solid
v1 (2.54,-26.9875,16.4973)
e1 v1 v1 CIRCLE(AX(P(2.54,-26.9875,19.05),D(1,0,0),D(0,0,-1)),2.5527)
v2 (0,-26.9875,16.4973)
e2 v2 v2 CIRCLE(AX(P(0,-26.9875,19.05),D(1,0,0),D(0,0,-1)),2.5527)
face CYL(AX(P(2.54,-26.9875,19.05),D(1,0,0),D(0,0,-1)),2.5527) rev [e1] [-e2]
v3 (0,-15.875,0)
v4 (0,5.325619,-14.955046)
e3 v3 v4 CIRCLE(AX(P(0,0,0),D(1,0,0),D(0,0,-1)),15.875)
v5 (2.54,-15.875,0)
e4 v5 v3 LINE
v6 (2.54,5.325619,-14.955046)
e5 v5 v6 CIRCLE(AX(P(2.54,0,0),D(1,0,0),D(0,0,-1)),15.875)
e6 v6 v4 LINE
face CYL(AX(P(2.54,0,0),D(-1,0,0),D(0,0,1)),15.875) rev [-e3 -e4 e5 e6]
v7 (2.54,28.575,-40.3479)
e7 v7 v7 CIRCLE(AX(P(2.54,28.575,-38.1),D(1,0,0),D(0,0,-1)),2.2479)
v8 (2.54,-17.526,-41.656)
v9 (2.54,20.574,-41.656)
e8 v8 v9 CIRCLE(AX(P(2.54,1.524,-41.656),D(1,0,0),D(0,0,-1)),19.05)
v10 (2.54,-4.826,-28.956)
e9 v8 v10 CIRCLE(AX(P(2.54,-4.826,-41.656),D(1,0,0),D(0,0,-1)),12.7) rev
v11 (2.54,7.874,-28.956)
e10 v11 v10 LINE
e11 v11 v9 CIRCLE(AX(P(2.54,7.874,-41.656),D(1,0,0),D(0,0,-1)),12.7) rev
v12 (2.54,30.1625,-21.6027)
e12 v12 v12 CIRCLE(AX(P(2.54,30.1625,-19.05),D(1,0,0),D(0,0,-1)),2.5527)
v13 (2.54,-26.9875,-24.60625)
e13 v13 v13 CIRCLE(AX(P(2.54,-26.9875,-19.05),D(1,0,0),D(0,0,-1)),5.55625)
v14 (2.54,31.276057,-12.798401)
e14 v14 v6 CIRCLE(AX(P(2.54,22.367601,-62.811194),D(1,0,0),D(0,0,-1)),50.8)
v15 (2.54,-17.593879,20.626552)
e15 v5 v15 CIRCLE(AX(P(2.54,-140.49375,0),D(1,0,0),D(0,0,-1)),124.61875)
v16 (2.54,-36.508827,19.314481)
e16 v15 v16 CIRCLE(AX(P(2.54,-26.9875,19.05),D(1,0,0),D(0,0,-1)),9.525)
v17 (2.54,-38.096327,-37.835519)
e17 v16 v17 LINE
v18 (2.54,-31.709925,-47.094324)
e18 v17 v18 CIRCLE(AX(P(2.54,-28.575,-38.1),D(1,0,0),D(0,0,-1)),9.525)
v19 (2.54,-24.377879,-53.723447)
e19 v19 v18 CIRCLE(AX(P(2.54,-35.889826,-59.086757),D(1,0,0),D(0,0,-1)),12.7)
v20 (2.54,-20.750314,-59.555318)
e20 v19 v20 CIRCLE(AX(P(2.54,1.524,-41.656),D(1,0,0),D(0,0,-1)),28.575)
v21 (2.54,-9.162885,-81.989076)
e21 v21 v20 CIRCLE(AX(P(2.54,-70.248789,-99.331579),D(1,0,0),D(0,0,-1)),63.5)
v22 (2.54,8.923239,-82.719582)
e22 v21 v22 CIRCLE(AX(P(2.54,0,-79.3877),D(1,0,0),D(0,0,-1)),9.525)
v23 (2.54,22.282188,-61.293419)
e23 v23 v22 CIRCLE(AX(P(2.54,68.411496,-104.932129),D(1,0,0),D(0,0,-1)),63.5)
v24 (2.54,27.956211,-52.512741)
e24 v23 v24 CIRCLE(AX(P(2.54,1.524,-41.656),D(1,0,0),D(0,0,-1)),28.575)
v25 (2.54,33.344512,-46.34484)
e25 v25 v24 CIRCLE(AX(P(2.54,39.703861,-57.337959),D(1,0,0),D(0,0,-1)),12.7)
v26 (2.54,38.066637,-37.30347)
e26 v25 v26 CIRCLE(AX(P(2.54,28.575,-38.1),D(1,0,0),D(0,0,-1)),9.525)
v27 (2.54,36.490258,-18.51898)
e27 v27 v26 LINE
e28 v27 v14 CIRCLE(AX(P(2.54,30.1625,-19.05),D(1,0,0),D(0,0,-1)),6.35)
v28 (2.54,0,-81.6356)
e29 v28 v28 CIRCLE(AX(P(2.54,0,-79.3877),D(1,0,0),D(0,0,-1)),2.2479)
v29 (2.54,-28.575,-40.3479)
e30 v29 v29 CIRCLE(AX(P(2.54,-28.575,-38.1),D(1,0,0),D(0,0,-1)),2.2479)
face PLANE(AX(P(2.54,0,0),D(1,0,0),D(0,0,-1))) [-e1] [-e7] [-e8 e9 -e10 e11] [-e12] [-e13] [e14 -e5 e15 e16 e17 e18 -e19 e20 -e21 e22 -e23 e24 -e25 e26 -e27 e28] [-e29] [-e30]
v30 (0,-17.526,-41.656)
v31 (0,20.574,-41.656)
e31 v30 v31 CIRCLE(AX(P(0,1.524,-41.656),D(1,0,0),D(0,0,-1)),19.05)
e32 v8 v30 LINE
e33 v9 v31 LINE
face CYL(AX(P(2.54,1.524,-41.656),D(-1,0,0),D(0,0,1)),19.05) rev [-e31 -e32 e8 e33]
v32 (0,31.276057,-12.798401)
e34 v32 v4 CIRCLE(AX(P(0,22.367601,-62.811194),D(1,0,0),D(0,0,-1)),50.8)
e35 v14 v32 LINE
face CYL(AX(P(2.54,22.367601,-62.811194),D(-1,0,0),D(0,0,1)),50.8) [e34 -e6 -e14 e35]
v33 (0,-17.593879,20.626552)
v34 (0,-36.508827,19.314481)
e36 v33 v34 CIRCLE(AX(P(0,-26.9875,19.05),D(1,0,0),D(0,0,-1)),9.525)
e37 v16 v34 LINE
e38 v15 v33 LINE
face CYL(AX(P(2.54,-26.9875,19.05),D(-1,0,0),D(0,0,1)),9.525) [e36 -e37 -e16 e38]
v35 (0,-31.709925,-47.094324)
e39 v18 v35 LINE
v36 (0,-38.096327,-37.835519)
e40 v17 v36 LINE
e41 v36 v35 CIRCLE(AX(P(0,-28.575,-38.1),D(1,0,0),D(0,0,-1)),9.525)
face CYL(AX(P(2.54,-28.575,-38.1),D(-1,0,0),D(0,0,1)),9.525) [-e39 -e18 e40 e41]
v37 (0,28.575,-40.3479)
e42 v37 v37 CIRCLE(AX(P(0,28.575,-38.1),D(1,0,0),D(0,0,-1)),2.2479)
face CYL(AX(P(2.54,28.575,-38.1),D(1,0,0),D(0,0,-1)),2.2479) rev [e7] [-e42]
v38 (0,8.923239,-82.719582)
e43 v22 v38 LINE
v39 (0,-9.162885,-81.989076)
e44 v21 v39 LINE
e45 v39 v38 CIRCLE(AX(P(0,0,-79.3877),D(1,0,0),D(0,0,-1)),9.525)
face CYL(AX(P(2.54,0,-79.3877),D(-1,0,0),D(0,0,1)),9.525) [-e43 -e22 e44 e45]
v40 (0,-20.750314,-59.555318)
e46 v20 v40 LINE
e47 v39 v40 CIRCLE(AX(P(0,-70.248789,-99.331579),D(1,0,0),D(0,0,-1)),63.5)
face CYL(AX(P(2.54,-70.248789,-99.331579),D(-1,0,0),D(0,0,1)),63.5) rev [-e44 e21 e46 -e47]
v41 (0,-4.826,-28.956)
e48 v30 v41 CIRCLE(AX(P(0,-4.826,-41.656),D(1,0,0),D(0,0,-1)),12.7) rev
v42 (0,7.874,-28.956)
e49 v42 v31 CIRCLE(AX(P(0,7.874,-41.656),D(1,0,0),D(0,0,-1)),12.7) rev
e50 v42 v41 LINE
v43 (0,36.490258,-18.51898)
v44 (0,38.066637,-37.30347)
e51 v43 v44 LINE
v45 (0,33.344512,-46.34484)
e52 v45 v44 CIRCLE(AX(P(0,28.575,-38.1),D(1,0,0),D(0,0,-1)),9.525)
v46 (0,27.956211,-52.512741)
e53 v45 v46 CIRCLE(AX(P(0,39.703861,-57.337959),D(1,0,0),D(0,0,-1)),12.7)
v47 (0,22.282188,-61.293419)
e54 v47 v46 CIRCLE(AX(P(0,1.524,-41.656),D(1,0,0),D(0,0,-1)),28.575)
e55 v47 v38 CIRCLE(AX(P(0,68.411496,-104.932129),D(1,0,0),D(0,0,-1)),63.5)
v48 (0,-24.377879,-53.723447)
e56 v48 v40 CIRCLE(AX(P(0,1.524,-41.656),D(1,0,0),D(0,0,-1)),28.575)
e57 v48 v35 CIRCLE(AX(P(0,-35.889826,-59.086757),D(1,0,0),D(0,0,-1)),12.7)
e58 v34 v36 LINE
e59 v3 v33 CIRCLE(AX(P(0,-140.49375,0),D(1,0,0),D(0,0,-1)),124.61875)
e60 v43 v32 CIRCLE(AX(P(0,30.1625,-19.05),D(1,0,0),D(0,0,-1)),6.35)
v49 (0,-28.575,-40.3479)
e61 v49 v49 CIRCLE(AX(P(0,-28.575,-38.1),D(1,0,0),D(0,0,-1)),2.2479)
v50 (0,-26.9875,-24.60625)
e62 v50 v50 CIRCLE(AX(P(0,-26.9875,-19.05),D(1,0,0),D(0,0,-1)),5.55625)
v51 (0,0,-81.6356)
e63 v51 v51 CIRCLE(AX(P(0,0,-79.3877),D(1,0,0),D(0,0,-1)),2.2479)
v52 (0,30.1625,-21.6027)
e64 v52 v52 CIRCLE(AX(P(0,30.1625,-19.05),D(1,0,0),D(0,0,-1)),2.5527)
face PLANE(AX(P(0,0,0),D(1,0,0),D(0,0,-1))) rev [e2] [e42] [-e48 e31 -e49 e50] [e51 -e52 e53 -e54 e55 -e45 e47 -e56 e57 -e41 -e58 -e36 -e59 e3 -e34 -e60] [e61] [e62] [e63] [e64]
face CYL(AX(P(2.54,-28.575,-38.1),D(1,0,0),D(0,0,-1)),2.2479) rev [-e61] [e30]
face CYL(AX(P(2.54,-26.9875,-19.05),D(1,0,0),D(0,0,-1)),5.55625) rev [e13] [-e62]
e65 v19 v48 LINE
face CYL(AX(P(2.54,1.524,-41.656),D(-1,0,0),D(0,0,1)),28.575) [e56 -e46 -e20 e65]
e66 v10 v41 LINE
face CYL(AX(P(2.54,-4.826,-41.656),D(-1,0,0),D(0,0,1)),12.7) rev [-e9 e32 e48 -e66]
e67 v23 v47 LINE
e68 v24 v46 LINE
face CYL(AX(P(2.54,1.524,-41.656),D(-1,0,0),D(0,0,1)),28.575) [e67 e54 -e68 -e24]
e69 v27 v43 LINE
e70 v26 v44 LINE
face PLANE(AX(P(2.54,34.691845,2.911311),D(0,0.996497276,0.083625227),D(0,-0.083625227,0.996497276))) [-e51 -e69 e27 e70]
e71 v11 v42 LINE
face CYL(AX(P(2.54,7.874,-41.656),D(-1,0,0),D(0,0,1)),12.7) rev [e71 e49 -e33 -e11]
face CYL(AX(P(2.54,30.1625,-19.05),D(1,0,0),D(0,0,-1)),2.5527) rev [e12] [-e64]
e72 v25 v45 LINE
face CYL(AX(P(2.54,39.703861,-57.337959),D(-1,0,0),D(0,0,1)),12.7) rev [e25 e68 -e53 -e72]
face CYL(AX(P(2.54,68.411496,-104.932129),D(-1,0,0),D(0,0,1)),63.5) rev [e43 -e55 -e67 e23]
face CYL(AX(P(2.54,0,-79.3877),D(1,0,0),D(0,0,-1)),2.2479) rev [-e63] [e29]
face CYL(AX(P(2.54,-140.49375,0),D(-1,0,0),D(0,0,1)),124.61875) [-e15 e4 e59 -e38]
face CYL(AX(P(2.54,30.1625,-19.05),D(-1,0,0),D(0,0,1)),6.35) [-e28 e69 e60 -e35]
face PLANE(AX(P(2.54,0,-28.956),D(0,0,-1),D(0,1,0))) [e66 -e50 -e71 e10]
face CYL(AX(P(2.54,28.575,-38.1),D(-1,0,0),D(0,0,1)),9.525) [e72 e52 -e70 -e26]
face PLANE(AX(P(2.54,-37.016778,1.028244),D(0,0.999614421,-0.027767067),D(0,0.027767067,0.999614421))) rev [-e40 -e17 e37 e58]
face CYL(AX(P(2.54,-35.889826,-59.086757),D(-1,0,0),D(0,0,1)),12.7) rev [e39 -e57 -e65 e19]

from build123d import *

# Parameters (mm, degrees)
BOSS_EXTRUDE1_DEPTH            = 2.54
F_7_16_0_4375_DIAMETER_HOLE1_D = 11.1125
F_8_CLEARANCE_HOLE2_D          = 4.4958
F_10_CLEARANCE_HOLE2_D         = 5.1054


with BuildPart() as part:
    # Sketch1 → Boss-Extrude1 (new body)
    with BuildSketch(Plane(origin=(0, 0, 0), x_dir=(0, 0, -1), z_dir=(1, 0, 0))):
        with BuildLine():
            Line((-19.314481315, -36.508827357), (37.835518685, -38.096327357))
            ThreePointArc((37.835518685, -38.096327357), (43.508241138, -36.415698489), (47.094324235, -31.709925286))
            ThreePointArc((47.094324235, -31.709925286), (49.666291071, -27.372500374), (53.723446842, -24.377879309))
            ThreePointArc((53.723446842, -24.377879309), (56.748764885, -22.739945951), (59.555317673, -20.750313723))
            ThreePointArc((59.555317673, -20.750313723), (70.190449205, -13.830311686), (81.989075544, -9.162885478))
            ThreePointArc((81.989075544, -9.162885478), (88.904940009, -0.38440552), (82.719582069, 8.923238587))
            ThreePointArc((82.719582069, 8.923238587), (71.335814009, 14.527011927), (61.293419407, 22.282188362))
            ThreePointArc((61.293419407, 22.282188362), (57.164774633, 25.524177799), (52.512741108, 27.956211363))
            ThreePointArc((52.512741108, 27.956211363), (48.982518098, 30.139520785), (46.344839733, 33.344511796))
            ThreePointArc((46.344839733, 33.344511796), (42.509528769, 37.017847922), (37.303469713, 38.066636556))
            Line((37.303469713, 38.066636556), (18.518979809, 36.490257704))
            ThreePointArc((18.518979809, 36.490257704), (14.772389284, 34.855531703), (12.798400928, 31.276056933))
            ThreePointArc((12.798400928, 31.276056933), (12.18571912, 18.160305029), (14.955046072, 5.325619398))
            ThreePointArc((14.955046072, 5.325619398), (12.972274915, -9.150721749), (0, -15.875))
            ThreePointArc((0, -15.875), (-10.349023893, -16.30546329), (-20.626551724, -17.59387931))
            ThreePointArc((-20.626551724, -17.59387931), (-28.552166362, -27.646635371), (-19.314481315, -36.508827357))
        make_face()
        with BuildLine():
            Line((28.956, 7.874), (28.956, -4.826))
            ThreePointArc((28.956, -4.826), (32.675743879, -13.806256121), (41.656, -17.526))
            ThreePointArc((41.656, -17.526), (60.706, 1.524), (41.656, 20.574))
            ThreePointArc((41.656, 20.574), (32.675743879, 16.854256121), (28.956, 7.874))
        make_face(mode=Mode.SUBTRACT)
    extrude(amount=BOSS_EXTRUDE1_DEPTH)

    # 7/16 (0.4375) Diameter Hole1 (through all)
    with Locations(Plane(origin=(2.54, 0, 0), x_dir=(0, 0, -1), z_dir=(1, 0, 0))):
        with Locations((19.05, -26.9875)):
            Hole(F_7_16_0_4375_DIAMETER_HOLE1_D / 2)

    # #8 Clearance Hole2 (through all)
    with Locations(Plane(origin=(2.54, 0, 0), x_dir=(0, 0, -1), z_dir=(1, 0, 0))):
        with Locations((38.1, -28.575), (79.3877, 0), (38.1, 28.575)):
            Hole(F_8_CLEARANCE_HOLE2_D / 2)

    # #10 Clearance Hole2 (through all)
    with Locations(Plane(origin=(2.54, 0, 0), x_dir=(0, 0, -1), z_dir=(1, 0, 0))):
        with Locations((-19.05, -26.9875), (19.05, 30.1625)):
            Hole(F_10_CLEARANCE_HOLE2_D / 2)


solid = part.part
